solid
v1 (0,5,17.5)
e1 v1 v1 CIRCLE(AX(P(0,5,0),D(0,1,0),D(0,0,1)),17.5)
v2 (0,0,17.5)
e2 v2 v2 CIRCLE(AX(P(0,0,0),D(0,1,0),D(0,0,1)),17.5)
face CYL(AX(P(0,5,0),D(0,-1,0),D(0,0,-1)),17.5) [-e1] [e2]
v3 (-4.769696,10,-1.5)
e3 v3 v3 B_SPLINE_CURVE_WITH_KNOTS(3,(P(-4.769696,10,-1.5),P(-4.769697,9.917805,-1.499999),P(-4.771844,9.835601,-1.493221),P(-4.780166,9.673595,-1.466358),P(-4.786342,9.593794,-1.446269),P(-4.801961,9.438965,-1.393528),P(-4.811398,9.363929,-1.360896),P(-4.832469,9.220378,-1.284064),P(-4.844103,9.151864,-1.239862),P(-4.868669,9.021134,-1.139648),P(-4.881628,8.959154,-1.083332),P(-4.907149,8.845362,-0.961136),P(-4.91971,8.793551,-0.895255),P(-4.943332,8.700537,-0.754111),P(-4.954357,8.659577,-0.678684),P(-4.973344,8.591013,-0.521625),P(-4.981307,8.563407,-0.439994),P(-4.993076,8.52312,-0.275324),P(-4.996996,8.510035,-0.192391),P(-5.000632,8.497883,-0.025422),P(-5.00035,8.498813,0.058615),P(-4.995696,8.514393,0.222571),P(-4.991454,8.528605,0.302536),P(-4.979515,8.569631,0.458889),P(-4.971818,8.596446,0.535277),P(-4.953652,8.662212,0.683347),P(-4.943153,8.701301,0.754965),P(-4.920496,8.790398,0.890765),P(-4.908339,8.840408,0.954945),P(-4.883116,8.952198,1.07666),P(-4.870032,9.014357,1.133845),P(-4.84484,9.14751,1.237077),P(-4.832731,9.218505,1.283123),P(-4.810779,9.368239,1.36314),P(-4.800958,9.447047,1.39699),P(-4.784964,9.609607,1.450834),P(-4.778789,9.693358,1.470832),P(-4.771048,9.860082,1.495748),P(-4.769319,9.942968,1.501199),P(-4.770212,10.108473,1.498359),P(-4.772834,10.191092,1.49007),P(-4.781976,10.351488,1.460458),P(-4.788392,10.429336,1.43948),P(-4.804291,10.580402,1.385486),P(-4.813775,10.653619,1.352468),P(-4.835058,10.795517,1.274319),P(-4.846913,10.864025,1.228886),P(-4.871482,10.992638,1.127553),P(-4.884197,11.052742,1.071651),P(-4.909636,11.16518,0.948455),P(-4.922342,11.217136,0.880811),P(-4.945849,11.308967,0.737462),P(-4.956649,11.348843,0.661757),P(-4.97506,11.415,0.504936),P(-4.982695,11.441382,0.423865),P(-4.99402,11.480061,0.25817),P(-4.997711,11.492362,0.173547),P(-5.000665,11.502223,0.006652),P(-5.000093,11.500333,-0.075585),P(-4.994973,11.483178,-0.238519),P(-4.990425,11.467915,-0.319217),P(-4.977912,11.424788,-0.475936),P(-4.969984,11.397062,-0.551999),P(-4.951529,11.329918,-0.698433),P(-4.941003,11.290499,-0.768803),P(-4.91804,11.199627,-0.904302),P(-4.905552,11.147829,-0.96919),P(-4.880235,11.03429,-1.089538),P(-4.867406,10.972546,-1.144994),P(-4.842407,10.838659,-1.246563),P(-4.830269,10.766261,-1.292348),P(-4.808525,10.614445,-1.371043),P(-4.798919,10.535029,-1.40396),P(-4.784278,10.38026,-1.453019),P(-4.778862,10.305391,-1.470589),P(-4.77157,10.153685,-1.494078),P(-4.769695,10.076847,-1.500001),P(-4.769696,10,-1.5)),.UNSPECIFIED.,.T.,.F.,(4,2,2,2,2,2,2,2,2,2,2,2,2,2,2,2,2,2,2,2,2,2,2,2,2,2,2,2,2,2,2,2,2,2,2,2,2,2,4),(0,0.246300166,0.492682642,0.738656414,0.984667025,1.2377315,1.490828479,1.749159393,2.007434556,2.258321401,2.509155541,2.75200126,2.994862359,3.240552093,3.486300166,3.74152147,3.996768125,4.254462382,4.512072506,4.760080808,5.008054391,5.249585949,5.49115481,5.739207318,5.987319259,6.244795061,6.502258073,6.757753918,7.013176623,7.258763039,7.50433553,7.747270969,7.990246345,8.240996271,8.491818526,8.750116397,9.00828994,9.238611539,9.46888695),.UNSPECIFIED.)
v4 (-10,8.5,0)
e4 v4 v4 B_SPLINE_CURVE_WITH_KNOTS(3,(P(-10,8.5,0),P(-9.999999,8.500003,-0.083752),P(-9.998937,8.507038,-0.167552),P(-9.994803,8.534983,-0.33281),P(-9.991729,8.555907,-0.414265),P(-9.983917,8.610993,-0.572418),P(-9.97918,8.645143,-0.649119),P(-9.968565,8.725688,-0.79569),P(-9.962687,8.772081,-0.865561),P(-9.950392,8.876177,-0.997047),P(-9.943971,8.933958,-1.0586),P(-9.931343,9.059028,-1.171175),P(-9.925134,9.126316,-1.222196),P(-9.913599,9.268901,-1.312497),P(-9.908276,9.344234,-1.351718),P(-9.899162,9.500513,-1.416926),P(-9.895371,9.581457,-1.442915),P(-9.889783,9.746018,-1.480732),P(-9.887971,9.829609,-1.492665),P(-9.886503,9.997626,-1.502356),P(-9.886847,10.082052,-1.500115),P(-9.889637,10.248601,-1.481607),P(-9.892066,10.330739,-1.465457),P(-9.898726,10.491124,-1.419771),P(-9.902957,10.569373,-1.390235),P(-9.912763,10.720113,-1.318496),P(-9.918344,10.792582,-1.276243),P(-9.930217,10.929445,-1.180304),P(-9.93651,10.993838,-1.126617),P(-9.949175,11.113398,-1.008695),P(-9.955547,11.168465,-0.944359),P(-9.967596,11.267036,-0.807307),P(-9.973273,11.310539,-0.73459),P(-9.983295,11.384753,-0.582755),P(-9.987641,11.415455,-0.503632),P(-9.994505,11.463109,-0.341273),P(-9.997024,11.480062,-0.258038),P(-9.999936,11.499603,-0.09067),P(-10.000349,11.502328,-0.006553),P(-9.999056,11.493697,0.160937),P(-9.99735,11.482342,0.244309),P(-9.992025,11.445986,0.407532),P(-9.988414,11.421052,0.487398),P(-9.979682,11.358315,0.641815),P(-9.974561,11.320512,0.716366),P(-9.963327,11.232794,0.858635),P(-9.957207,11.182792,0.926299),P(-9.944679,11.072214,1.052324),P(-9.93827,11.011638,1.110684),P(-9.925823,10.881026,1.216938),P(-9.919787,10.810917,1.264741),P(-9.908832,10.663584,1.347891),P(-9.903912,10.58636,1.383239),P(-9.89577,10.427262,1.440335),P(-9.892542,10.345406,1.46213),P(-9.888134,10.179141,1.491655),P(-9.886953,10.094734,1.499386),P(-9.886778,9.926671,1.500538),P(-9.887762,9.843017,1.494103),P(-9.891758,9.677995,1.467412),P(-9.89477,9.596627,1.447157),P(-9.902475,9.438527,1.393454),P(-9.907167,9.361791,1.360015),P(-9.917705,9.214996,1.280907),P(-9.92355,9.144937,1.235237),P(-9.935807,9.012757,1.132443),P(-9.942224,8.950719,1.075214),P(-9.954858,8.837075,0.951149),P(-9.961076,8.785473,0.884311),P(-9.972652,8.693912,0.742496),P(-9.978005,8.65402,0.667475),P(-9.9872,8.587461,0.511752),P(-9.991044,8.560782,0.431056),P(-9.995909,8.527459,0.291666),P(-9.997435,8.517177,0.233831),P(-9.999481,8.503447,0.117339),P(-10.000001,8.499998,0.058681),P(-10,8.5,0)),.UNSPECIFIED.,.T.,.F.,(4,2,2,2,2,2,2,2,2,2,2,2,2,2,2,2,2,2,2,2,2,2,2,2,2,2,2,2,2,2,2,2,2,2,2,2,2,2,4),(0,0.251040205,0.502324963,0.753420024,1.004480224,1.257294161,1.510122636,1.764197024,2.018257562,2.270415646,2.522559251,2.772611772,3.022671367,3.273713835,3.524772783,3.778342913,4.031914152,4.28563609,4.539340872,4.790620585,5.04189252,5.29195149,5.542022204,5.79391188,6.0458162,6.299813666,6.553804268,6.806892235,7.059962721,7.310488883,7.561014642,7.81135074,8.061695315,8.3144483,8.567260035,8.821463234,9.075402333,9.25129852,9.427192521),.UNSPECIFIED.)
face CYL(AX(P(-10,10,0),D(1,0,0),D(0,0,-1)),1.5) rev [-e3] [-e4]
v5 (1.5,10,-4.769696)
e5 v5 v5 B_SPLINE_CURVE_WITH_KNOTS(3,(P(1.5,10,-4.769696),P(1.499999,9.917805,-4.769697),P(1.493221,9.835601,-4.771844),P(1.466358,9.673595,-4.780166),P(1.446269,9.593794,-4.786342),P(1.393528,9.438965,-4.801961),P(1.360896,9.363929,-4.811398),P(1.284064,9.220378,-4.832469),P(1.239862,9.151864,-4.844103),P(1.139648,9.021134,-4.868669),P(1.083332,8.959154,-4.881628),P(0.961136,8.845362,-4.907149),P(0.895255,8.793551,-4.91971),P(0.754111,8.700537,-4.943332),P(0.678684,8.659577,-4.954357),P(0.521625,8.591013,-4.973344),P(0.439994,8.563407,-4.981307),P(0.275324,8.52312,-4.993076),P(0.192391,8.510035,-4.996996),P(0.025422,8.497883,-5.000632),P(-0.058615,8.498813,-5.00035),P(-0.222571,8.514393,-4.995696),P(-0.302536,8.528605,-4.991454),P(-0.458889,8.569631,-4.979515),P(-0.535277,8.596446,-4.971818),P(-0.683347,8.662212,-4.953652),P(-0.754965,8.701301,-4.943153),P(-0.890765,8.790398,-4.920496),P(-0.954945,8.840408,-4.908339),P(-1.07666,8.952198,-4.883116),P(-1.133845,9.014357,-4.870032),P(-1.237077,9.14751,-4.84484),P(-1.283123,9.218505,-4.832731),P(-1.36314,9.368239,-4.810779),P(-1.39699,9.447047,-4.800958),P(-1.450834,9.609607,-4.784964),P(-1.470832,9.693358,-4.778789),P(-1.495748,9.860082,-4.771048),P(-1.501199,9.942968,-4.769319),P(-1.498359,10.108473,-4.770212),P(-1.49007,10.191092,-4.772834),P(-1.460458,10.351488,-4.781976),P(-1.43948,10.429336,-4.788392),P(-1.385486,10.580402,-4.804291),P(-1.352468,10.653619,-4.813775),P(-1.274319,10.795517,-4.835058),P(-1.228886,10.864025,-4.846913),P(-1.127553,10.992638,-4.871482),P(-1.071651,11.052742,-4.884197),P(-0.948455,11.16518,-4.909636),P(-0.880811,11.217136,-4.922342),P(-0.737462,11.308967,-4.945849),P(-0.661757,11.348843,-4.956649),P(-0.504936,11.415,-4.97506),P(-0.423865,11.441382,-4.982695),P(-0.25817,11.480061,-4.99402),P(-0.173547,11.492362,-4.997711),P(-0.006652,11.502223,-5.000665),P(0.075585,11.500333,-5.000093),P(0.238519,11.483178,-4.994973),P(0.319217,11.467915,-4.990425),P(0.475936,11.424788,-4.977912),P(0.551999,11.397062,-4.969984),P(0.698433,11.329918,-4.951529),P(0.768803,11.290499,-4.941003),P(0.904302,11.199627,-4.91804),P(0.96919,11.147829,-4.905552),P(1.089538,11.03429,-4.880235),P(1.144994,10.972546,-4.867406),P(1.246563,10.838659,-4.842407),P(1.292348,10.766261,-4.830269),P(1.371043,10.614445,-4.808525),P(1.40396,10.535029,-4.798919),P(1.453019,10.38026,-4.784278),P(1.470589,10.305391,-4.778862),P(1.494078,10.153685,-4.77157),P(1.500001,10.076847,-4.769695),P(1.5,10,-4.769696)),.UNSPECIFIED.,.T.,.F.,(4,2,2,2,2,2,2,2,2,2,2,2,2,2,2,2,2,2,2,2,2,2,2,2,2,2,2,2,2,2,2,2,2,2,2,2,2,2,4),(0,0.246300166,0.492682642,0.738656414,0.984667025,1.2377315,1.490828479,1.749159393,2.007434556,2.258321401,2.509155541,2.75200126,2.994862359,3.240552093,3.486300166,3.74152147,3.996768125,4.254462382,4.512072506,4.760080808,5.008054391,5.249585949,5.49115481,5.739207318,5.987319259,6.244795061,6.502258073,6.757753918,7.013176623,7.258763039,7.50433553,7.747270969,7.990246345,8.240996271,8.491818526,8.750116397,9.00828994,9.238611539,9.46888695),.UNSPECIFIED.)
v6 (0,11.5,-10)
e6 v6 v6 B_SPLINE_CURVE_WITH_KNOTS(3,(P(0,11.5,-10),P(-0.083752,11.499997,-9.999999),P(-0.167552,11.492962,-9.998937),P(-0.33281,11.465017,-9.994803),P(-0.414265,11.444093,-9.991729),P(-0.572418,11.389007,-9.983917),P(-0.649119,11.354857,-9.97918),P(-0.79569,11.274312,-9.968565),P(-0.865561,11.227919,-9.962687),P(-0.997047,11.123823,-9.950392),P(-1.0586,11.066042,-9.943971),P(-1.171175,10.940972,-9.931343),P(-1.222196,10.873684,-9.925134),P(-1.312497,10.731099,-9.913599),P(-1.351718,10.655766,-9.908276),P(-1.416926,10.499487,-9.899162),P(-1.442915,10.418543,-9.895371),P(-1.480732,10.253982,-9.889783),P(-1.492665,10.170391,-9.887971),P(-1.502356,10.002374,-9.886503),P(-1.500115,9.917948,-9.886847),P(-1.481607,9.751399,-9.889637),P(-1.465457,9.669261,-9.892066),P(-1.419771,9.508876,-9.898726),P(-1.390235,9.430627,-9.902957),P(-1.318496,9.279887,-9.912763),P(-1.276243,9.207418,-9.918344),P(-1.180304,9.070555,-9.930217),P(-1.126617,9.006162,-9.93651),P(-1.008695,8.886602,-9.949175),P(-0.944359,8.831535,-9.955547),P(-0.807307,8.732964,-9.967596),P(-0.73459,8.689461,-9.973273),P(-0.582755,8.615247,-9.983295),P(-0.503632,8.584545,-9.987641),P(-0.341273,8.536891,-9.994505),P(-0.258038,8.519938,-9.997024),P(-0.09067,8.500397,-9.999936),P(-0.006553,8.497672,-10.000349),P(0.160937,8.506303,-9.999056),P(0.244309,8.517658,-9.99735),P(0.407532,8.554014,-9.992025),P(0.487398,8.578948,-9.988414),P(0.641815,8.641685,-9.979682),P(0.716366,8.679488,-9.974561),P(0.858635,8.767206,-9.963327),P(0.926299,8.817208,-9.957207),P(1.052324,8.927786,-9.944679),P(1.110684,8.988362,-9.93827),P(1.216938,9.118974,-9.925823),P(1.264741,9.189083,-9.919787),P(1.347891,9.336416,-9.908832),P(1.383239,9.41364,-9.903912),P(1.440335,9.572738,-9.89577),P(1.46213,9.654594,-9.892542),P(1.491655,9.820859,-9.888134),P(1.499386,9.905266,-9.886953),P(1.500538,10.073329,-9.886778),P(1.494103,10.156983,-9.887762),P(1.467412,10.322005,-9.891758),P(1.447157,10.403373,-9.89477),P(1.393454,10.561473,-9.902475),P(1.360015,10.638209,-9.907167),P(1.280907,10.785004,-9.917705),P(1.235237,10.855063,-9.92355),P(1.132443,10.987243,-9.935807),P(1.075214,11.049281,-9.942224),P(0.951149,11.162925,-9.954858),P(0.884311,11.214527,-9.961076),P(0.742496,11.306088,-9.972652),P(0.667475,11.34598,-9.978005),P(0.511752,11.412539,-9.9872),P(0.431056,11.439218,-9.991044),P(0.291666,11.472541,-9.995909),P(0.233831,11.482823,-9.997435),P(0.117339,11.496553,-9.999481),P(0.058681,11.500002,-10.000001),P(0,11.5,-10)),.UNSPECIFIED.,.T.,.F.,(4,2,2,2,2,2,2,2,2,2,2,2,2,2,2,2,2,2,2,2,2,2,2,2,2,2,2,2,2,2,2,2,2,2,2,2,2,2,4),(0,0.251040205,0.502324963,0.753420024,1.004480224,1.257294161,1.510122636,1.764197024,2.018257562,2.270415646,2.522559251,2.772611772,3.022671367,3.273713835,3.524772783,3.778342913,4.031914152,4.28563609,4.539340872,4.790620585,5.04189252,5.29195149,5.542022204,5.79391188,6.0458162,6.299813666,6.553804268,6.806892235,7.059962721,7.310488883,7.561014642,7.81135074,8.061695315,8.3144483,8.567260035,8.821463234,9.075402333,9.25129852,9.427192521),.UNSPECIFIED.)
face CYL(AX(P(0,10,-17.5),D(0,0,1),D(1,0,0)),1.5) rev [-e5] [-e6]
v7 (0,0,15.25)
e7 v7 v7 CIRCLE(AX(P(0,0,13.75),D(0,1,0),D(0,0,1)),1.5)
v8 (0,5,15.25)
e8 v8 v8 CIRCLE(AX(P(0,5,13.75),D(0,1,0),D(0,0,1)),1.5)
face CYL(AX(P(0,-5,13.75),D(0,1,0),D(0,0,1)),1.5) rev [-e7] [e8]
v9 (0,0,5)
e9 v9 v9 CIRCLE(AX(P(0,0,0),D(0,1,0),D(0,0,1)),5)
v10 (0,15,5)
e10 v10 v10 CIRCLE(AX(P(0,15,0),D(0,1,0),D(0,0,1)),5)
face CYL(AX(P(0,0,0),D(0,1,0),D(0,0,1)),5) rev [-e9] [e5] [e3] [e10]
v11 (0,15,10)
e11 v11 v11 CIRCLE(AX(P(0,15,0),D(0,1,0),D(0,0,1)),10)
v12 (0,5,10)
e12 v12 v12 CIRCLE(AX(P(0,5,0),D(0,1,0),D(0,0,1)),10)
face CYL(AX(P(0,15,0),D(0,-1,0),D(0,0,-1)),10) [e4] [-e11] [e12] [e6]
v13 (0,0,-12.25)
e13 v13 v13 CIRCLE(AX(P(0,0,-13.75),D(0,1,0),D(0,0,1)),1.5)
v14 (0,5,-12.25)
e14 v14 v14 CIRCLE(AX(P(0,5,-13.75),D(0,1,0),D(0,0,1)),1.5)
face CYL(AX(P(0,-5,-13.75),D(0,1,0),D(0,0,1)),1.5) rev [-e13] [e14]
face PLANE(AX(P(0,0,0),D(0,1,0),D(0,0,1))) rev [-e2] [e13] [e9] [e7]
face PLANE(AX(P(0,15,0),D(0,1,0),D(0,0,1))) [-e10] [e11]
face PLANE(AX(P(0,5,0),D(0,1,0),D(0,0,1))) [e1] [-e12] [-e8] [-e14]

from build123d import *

# Parameters (mm, degrees)
ESBO_O1_R                = 17.5
RESSALTO_EXTRUS_O1_DEPTH = 5
ESBO_O2_R                = 10
RESSALTO_EXTRUS_O2_DEPTH = 10
ESBO_O3_R                = 5
CORTE_EXTRUS_O1_DEPTH    = 16
ESBO_O4_R                = 1.5
CORTE_EXTRUS_O2_DEPTH    = 10
ESBO_O5_R                = 1.5
CORTE_EXTRUS_O3_DEPTH    = 18.5
ESBO_O6_R                = 1.5
CORTE_EXTRUS_O4_DEPTH    = 10


with BuildPart() as part:
    # Esboço1 → Ressalto-extrusão1 (new body)
    with BuildSketch(Plane(origin=(0, 0, 0), x_dir=(1, 0, 0), z_dir=(0, 1, 0))):
        Circle(ESBO_O1_R)
    extrude(amount=RESSALTO_EXTRUS_O1_DEPTH)

    # Esboço2 → Ressalto-extrusão2 (add)
    with BuildSketch(Plane(origin=(0, 5, 0), x_dir=(1, 0, 0), z_dir=(0, 1, 0))):
        Circle(ESBO_O2_R)
    extrude(amount=RESSALTO_EXTRUS_O2_DEPTH)

    # Esboço3 → Corte-extrusão1 (cut, through all)
    with BuildSketch(Plane(origin=(0, 15, 0), x_dir=(1, 0, 0), z_dir=(0, 1, 0))):
        Circle(ESBO_O3_R)
    extrude(amount=-CORTE_EXTRUS_O1_DEPTH, mode=Mode.SUBTRACT)

    # Esboço4 → Corte-extrusão2 (cut)
    with BuildSketch(Plane(origin=(0, 5, 0), x_dir=(1, 0, 0), z_dir=(0, 1, 0))):
        with Locations((0, 13.75)):
            Circle(ESBO_O4_R)
        with Locations((0, -13.75)):
            Circle(ESBO_O4_R)
    extrude(amount=-CORTE_EXTRUS_O2_DEPTH, mode=Mode.SUBTRACT)

    # Esboço5 → Corte-extrusão3 (cut, through all)
    with BuildSketch(Plane.XY):
        with Locations((0, 10)):
            Circle(ESBO_O5_R)
    extrude(amount=-CORTE_EXTRUS_O3_DEPTH, mode=Mode.SUBTRACT)

    # Esboço6 → Corte-extrusão4 (cut)
    with BuildSketch(Plane(origin=(0, 0, 0), x_dir=(0, 0, -1), z_dir=(1, 0, 0))):
        with Locations((0, 10)):
            Circle(ESBO_O6_R)
    extrude(amount=-CORTE_EXTRUS_O4_DEPTH, mode=Mode.SUBTRACT)


solid = part.part
